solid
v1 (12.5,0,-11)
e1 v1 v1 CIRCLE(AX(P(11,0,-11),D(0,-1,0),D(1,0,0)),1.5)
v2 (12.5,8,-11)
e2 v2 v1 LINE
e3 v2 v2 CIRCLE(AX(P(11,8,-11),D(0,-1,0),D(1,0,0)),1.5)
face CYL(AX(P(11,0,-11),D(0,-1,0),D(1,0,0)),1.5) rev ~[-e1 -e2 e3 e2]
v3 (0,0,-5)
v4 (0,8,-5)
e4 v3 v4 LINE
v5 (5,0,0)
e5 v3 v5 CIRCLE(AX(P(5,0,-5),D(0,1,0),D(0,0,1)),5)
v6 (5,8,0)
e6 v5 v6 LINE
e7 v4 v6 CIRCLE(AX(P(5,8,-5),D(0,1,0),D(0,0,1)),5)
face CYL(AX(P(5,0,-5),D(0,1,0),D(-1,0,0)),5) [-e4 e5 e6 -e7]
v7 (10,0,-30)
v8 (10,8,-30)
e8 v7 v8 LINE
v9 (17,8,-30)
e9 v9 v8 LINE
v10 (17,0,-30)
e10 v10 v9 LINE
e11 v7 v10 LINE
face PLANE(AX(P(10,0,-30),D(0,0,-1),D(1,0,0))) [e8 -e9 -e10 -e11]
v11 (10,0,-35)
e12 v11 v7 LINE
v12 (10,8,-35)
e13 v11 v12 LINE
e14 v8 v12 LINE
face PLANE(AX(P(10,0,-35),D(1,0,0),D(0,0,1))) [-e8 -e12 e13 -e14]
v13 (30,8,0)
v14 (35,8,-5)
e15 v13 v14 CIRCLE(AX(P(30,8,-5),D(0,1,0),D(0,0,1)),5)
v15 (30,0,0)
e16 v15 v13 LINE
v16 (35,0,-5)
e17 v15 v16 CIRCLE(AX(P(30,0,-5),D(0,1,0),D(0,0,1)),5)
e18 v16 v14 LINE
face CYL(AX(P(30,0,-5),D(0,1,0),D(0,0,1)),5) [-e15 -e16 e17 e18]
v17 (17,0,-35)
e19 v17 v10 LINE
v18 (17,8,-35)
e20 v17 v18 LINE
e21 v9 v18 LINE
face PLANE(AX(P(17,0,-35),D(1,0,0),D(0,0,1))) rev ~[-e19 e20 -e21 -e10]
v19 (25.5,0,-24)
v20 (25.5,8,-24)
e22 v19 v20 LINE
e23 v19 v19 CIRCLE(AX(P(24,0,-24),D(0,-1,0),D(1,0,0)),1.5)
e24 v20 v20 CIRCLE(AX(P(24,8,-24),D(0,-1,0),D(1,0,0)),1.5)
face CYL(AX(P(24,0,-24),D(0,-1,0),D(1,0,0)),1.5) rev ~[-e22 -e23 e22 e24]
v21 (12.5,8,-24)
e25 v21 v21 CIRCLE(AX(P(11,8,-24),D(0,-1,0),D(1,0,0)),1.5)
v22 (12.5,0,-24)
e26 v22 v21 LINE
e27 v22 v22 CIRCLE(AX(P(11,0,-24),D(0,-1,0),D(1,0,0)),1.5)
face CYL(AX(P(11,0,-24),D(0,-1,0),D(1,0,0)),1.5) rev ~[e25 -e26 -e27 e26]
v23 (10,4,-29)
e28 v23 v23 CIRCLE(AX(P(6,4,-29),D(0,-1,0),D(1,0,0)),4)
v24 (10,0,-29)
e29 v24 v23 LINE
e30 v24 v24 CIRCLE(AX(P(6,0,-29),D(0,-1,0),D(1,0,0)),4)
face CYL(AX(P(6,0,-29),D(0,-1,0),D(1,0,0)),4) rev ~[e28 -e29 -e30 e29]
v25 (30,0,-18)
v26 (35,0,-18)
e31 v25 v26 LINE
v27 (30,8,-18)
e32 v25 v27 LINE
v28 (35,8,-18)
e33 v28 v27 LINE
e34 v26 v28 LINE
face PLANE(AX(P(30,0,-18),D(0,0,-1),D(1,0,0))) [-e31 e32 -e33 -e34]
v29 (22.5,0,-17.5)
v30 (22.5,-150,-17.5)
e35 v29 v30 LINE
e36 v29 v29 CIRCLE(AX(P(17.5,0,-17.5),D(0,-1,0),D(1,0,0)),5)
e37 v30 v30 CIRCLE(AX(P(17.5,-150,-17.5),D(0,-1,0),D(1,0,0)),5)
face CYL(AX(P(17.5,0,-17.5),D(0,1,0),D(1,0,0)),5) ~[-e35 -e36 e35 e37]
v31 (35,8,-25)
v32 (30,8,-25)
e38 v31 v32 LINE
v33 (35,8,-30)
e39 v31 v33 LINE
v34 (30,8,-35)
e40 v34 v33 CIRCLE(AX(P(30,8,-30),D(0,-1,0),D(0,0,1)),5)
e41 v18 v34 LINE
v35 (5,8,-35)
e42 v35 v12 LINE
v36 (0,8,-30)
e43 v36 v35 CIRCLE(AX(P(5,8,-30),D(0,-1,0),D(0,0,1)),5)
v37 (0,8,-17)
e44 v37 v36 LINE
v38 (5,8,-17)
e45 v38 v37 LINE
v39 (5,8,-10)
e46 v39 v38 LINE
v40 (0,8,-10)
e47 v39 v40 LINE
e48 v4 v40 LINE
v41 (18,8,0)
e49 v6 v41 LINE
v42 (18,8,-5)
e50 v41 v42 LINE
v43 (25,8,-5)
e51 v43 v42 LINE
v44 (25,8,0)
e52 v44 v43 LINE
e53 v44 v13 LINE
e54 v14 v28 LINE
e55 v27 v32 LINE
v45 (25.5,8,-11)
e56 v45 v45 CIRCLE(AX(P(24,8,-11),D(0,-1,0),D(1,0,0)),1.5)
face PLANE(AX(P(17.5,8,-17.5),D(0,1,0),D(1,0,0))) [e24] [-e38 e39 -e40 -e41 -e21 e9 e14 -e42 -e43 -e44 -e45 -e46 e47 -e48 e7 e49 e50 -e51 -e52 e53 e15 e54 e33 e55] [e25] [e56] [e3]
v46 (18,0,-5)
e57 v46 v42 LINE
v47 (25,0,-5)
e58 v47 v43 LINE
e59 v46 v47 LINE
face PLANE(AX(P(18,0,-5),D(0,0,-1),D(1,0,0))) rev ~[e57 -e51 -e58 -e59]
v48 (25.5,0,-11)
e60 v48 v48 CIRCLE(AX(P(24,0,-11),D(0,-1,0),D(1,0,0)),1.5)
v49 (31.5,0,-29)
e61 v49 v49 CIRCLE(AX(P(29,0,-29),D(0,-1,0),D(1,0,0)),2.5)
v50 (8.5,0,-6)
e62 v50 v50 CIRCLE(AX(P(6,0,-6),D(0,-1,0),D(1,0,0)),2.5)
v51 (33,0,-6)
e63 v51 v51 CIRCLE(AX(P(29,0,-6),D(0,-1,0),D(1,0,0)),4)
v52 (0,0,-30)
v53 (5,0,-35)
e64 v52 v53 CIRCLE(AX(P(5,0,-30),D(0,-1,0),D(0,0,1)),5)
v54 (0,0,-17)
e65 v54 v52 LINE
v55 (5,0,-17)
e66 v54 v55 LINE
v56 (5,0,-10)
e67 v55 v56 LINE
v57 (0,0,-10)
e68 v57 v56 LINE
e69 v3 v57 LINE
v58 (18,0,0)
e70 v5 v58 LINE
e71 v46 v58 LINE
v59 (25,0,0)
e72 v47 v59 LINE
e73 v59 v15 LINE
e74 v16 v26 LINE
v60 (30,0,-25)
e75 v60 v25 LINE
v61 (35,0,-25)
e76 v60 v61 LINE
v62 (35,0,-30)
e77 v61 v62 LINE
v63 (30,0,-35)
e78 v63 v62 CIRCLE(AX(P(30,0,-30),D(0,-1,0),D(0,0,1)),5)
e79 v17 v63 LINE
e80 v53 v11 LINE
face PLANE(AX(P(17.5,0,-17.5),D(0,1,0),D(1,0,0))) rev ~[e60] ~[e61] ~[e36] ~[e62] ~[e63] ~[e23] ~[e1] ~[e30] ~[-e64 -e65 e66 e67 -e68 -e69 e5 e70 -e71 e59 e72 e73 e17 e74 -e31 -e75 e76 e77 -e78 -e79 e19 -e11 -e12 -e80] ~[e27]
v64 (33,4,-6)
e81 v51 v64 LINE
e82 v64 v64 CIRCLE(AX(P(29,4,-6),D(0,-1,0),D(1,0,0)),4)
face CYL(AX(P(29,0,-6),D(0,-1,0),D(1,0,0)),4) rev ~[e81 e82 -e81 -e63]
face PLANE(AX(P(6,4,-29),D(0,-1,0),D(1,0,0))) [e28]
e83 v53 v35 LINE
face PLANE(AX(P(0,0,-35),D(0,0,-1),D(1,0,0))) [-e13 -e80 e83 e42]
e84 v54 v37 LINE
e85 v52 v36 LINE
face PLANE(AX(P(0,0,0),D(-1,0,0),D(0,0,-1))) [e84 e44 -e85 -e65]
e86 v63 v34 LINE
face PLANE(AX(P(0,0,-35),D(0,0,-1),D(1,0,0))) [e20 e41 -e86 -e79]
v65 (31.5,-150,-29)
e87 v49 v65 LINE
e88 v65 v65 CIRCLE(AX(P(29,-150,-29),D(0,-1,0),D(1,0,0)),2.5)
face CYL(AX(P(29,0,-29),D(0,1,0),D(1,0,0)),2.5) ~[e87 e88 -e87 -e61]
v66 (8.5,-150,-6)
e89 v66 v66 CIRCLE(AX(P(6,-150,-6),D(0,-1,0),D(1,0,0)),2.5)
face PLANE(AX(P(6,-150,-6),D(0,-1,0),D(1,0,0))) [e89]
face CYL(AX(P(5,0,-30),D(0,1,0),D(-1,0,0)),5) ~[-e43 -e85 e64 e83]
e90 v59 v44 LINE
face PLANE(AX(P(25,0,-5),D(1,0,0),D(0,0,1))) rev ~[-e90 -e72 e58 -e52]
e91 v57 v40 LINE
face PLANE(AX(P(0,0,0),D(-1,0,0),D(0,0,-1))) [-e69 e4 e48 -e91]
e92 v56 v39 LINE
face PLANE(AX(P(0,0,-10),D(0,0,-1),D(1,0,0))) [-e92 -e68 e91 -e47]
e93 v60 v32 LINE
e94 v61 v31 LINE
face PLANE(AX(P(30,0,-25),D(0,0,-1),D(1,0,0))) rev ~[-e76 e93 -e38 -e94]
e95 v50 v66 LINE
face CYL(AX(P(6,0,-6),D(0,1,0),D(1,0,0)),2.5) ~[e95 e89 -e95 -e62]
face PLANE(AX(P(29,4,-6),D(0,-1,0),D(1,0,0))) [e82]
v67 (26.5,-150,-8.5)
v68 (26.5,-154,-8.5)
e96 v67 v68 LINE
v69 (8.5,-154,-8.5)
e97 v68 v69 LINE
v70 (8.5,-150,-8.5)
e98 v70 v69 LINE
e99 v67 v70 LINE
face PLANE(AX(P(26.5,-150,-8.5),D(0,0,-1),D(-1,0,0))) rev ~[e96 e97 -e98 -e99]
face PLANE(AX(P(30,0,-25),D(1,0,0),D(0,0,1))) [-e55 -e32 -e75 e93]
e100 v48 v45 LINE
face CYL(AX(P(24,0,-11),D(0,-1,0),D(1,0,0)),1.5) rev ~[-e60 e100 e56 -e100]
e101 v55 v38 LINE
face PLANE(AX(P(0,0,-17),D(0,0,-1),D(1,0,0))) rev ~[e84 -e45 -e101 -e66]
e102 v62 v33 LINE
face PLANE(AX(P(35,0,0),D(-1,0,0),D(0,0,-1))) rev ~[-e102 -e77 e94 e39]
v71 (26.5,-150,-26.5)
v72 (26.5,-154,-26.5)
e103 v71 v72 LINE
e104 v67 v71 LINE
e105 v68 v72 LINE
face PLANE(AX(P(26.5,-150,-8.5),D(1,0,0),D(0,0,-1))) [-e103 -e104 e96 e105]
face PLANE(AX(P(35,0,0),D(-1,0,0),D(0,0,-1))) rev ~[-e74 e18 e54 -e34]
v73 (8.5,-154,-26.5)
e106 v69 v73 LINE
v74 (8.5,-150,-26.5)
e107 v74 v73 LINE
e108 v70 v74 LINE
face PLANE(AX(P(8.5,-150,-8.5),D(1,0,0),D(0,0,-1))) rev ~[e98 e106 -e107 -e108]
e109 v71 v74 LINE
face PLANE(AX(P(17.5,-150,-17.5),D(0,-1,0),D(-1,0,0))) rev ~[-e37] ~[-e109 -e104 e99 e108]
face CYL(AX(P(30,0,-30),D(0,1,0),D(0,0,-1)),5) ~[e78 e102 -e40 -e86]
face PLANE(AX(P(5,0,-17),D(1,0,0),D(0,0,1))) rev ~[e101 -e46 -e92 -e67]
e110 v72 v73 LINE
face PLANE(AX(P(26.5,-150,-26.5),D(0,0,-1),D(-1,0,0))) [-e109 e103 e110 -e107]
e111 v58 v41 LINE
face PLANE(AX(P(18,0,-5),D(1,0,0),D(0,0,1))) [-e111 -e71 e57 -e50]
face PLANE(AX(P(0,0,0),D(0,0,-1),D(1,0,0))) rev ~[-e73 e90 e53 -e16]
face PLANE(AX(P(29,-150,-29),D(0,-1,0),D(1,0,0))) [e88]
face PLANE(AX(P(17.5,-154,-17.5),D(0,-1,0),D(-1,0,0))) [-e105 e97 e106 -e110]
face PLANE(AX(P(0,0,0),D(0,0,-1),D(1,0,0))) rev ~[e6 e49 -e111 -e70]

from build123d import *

# Parameters (mm, degrees)
SKETCH1_W           = 35
SKETCH1_H           = 35
BOSS_EXTRUDE1_DEPTH = 8
SKETCH2_W           = 7
SKETCH2_H           = 5
SKETCH2_W_2         = 5
SKETCH2_H_2         = 7
SKETCH2_R           = 1.5
CUT_EXTRUDE1_DEPTH  = 51.139804547
SKETCH2_5_R         = 4
SKETCH2_5_R_2       = 1.5
CUT_EXTRUDE2_DEPTH  = 4
SKETCH2_7_R         = 2.5
SKETCH2_7_R_2       = 5
BOSS_EXTRUDE2_DEPTH = 150
SKETCH3_W           = 18
SKETCH3_H           = 18
BOSS_EXTRUDE3_DEPTH = 4
FILLET1_R           = 5


with BuildPart() as part:
    # Sketch1 → Boss-Extrude1 (new body)
    with BuildSketch(Plane(origin=(0, 0, 0), x_dir=(1, 0, 0), z_dir=(0, 1, 0))):
        with Locations((17.5, 17.5)):
            Rectangle(SKETCH1_W, SKETCH1_H)
    extrude(amount=BOSS_EXTRUDE1_DEPTH)

    # Sketch2 → Cut-Extrude1 (cut, through all)
    with BuildSketch(Plane.XZ):
        with Locations((21.5, -2.5)):
            Rectangle(SKETCH2_W, SKETCH2_H)
        with Locations((2.5, -13.5)):
            Rectangle(SKETCH2_W_2, SKETCH2_H_2)
        with Locations((32.5, -21.5)):
            Rectangle(SKETCH2_W_2, SKETCH2_H_2)
        with Locations((13.5, -32.5)):
            Rectangle(SKETCH2_W, SKETCH2_H)
        with Locations((11, -11)):
            Circle(SKETCH2_R)
        with Locations((24, -11)):
            Circle(SKETCH2_R)
        with Locations((24, -24)):
            Circle(SKETCH2_R)
        with Locations((11, -24)):
            Circle(SKETCH2_R)
    extrude(amount=-CUT_EXTRUDE1_DEPTH, mode=Mode.SUBTRACT)

    # Sketch2<5> → Cut-Extrude2 (cut)
    with BuildSketch(Plane.XZ):
        with Locations((29, -6)):
            Circle(SKETCH2_5_R)
        with Locations((6, -29)):
            Circle(SKETCH2_5_R)
        with Locations((11, -11)):
            Circle(SKETCH2_5_R_2)
    extrude(amount=-CUT_EXTRUDE2_DEPTH, mode=Mode.SUBTRACT)

    # Sketch2<7> → Boss-Extrude2 (add)
    with BuildSketch(Plane.XZ):
        with Locations((6, -6)):
            Circle(SKETCH2_7_R)
        with Locations((29, -29)):
            Circle(SKETCH2_7_R)
        with Locations((17.5, -17.5)):
            Circle(SKETCH2_7_R_2)
    extrude(amount=BOSS_EXTRUDE2_DEPTH)

    # Sketch3 → Boss-Extrude3 (add)
    with BuildSketch(Plane(origin=(0, -150, 0), x_dir=(-1, 0, 0), z_dir=(0, -1, 0))):
        with Locations((-17.5, 17.5)):
            Rectangle(SKETCH3_W, SKETCH3_H)
    extrude(amount=BOSS_EXTRUDE3_DEPTH)

    # Fillet1
    fillet1_edges = [part.edges().sort_by_distance(p)[0] for p in [
        (35, 4, -35),
        (0, 4, -35),
        (0, 4, 0),
        (35, 4, 0),
    ]]
    fillet(fillet1_edges, radius=FILLET1_R)


solid = part.part
